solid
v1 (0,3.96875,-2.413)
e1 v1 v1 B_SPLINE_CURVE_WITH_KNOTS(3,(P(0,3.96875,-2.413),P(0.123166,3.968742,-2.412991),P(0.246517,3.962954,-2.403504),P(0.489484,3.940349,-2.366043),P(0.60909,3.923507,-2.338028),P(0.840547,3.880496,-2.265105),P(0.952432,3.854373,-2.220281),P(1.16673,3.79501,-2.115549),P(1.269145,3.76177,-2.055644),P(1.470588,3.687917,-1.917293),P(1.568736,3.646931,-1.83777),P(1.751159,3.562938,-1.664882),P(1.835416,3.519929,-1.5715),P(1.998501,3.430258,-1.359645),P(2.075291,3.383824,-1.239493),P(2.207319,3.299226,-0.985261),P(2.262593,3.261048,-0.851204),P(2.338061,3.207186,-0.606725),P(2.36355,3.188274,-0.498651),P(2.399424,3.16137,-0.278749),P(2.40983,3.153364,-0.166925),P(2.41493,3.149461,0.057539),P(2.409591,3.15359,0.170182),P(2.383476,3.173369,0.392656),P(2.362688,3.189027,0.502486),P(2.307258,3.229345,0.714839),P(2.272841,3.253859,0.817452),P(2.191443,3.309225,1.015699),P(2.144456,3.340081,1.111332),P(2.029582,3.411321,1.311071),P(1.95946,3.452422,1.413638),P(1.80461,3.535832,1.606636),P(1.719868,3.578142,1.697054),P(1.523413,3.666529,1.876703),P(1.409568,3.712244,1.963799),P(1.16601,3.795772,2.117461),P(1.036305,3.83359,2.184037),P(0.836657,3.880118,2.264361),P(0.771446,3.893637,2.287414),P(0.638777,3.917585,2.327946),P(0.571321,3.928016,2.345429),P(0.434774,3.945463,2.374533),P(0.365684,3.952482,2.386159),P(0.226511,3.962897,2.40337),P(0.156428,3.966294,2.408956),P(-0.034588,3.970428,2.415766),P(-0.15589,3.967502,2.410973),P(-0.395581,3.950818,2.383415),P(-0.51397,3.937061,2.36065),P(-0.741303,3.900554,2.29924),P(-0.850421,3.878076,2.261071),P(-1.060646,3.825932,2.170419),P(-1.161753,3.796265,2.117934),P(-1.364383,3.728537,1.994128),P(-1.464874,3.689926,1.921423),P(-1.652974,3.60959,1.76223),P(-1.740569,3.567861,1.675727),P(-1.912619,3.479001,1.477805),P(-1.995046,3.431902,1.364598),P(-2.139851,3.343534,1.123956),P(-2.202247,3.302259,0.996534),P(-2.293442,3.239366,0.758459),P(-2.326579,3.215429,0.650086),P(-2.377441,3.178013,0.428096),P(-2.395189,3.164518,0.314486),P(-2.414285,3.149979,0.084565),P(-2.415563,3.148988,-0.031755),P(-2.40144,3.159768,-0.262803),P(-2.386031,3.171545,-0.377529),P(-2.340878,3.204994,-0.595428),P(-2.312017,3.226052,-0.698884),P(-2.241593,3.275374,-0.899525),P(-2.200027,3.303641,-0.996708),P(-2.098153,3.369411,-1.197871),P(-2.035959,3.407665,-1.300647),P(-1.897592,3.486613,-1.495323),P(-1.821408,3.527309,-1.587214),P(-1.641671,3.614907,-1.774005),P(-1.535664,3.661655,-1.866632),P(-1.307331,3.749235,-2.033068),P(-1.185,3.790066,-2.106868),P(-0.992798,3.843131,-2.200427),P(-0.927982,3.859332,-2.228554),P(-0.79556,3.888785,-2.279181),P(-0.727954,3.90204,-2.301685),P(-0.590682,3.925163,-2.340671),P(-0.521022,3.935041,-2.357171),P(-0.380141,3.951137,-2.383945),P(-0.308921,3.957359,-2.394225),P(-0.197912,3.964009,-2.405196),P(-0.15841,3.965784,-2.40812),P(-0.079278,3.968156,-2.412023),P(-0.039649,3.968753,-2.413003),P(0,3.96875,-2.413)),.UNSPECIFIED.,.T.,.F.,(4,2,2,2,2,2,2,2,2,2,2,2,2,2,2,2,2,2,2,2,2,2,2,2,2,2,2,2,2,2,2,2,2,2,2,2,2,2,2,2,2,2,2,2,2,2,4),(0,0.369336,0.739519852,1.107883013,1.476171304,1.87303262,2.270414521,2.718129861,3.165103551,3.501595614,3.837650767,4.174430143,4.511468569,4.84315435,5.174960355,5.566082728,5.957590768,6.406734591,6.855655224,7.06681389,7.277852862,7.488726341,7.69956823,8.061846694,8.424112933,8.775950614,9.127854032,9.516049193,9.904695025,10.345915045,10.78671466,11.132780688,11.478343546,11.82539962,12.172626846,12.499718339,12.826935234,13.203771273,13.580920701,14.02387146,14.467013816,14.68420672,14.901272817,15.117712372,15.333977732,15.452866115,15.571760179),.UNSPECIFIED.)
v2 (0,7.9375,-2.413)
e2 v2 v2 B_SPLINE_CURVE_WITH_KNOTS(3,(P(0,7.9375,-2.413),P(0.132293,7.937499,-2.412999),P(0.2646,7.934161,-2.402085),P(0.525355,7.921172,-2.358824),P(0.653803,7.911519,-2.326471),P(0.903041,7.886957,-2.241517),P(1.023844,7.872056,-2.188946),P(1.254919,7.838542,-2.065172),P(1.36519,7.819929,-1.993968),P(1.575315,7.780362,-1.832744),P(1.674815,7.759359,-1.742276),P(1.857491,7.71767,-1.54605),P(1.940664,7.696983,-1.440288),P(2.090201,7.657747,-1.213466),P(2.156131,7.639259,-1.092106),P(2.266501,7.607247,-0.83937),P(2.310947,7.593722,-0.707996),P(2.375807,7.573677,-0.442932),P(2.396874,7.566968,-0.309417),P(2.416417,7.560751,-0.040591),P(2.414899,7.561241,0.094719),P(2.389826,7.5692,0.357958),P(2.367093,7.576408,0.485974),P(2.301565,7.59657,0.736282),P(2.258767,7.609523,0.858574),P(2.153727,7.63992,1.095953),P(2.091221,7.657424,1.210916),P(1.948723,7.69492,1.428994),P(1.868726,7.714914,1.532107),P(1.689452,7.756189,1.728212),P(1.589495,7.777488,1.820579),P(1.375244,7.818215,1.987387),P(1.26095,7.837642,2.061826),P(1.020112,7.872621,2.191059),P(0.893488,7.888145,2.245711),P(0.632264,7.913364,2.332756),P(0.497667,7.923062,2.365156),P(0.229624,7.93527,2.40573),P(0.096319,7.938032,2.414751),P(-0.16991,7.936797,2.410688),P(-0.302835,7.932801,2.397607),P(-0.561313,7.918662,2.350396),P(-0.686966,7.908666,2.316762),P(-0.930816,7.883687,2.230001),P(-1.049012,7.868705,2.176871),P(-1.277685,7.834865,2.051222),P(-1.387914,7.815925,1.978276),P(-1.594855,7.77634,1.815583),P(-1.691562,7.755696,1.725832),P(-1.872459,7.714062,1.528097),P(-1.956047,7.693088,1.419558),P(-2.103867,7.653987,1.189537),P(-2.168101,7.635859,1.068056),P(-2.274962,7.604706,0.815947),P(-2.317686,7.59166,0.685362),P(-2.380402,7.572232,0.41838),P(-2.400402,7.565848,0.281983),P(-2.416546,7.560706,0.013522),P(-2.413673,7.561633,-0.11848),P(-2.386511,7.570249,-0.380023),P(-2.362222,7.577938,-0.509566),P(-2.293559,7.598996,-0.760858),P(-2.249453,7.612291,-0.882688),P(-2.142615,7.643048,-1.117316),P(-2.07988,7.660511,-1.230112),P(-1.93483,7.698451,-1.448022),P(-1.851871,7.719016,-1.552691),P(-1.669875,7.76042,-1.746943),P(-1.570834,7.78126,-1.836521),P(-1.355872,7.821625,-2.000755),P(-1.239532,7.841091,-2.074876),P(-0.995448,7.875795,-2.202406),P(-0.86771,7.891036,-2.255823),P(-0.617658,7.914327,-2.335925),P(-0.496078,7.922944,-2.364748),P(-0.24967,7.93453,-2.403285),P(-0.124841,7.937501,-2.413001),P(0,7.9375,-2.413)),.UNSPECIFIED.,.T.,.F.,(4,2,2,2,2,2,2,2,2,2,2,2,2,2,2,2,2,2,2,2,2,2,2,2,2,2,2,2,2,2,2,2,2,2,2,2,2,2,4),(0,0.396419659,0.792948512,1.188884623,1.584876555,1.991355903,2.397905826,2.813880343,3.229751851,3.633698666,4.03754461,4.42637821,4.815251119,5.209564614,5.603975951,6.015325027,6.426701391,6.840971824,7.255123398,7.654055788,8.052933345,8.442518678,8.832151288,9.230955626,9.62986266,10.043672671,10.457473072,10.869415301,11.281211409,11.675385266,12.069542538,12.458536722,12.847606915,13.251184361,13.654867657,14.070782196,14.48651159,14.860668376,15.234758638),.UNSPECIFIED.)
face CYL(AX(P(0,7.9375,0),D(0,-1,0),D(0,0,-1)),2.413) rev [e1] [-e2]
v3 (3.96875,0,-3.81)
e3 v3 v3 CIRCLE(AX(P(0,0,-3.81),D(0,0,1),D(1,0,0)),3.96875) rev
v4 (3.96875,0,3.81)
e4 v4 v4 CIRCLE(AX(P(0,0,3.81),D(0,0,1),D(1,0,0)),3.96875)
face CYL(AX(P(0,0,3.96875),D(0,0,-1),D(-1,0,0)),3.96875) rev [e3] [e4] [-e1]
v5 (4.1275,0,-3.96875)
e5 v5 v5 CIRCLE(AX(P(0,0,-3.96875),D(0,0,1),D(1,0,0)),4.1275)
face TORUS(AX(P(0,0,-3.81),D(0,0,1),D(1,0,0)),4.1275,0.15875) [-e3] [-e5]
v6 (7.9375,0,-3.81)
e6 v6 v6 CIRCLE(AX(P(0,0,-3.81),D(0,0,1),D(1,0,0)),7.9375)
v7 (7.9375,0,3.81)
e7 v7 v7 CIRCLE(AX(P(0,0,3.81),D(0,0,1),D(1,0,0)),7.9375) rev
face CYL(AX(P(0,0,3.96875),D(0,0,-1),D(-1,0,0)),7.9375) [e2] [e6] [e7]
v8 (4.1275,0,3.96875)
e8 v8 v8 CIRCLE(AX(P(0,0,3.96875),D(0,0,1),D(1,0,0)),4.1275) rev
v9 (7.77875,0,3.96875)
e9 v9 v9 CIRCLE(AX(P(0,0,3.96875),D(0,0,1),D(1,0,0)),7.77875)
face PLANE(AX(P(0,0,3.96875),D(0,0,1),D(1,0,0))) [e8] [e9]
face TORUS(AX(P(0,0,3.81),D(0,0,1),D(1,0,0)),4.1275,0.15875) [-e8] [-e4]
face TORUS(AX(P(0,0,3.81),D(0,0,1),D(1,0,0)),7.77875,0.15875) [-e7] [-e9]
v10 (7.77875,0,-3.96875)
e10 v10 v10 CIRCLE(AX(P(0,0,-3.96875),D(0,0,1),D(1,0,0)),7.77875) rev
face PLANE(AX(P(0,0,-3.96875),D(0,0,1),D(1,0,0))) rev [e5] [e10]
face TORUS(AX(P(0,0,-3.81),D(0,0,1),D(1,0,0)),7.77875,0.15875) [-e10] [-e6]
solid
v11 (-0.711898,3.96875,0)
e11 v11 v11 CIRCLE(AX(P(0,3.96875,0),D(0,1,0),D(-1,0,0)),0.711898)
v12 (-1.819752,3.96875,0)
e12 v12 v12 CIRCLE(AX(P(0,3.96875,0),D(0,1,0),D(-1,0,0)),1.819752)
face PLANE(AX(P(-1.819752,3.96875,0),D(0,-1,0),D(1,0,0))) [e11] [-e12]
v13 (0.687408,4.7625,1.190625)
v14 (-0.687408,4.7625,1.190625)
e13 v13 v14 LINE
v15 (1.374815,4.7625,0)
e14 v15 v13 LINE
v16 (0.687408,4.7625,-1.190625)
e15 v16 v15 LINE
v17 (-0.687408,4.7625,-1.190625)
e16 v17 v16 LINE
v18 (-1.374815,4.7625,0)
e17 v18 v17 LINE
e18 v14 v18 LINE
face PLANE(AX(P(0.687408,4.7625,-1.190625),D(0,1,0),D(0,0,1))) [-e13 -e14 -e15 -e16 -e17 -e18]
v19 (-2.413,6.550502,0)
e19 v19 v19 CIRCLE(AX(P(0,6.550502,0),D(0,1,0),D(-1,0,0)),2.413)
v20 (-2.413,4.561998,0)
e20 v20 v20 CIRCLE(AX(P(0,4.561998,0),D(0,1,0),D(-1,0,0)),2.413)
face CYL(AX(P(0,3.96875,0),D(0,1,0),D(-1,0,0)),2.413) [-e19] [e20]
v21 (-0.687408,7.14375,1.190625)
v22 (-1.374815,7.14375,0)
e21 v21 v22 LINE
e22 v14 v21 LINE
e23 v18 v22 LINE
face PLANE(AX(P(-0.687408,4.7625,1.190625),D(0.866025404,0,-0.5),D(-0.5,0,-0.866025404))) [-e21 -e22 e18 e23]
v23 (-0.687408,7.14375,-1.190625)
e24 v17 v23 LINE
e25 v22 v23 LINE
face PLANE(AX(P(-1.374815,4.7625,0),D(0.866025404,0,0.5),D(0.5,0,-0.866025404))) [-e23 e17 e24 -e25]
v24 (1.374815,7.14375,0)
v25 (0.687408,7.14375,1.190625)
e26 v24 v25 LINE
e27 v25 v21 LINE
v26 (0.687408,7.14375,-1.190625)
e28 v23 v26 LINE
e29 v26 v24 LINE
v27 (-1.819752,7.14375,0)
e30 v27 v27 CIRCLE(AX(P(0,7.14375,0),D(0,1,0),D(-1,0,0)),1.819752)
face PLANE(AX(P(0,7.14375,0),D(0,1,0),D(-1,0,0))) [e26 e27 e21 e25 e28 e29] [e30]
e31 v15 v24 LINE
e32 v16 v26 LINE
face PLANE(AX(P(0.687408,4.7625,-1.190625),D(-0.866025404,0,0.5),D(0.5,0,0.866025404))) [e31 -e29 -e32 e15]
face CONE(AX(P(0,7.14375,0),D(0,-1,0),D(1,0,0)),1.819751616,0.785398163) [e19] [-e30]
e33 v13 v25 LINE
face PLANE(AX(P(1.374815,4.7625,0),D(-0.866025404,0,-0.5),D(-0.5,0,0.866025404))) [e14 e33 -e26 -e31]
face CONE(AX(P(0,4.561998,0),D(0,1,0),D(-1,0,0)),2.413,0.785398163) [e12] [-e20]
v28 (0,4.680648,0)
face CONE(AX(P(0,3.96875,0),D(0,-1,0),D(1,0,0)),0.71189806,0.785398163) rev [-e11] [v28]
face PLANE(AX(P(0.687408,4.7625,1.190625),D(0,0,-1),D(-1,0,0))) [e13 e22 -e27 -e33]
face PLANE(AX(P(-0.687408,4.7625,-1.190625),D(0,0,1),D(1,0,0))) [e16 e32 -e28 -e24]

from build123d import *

# Parameters (mm, degrees)
SKETCH1_R          = 7.9375
SKETCH1_R_2        = 3.96875
EXTRUDE1_DEPTH     = 3.96875
SKETCH2_R          = 2.413
CUT_EXTRUDE1_DEPTH = 8.9375
FILLET1_R          = 0.15875
CUT_EXTRUDE2_DEPTH = 2.38125


with BuildPart() as part:
    # Sketch1 → Extrude1 (new body, symmetric)
    with BuildSketch(Plane.XY):
        Circle(SKETCH1_R)
        Circle(SKETCH1_R_2, mode=Mode.SUBTRACT)
    extrude(amount=EXTRUDE1_DEPTH, both=True)

    # Sketch2 → Cut-Extrude1 (cut, through all)
    with BuildSketch(Plane(origin=(41.275, 0, 0), x_dir=(0, 0, -1), z_dir=(0, -1, 0))):
        with Locations((0, -41.275)):
            Circle(SKETCH2_R)
    extrude(amount=-CUT_EXTRUDE1_DEPTH, mode=Mode.SUBTRACT)

    # Fillet1
    fillet1_edges = [part.edges().sort_by_distance(p)[0] for p in [
        (-7.9375, 0, -3.96875),
        (-7.9375, 0, 3.96875),
        (-3.96875, 0, -3.96875),
        (-3.96875, 0, 3.96875),
    ]]
    fillet(fillet1_edges, radius=FILLET1_R)


with BuildPart() as body_2:
    # Sketch3 → Revolve1 (revolve)
    with BuildSketch(Plane.XY):
        Polygon((-1.819751616, 3.96875), (-0.71189806, 3.96875), (0, 4.68064806), (0, 7.14375), (-1.819751616, 7.14375), (-2.413, 6.550501616), (-2.413, 4.561998384), align=None)
    revolve(axis=Axis((0, 3.96875, 0), (0, -1, 0)))

    # Sketch4 → Cut-Extrude2 (cut)
    with BuildSketch(Plane(origin=(3.3734375, 7.14375, 0), x_dir=(0, 0, -1), z_dir=(0, -1, 0))):
        Polygon((0, -1.998622171), (-1.190625, -2.686029836), (-1.190625, -4.060845164), (0, -4.748252829), (1.190625, -4.060845164), (1.190625, -2.686029836), align=None)
    extrude(amount=CUT_EXTRUDE2_DEPTH, mode=Mode.SUBTRACT)


solid = Compound([part.part, body_2.part])
